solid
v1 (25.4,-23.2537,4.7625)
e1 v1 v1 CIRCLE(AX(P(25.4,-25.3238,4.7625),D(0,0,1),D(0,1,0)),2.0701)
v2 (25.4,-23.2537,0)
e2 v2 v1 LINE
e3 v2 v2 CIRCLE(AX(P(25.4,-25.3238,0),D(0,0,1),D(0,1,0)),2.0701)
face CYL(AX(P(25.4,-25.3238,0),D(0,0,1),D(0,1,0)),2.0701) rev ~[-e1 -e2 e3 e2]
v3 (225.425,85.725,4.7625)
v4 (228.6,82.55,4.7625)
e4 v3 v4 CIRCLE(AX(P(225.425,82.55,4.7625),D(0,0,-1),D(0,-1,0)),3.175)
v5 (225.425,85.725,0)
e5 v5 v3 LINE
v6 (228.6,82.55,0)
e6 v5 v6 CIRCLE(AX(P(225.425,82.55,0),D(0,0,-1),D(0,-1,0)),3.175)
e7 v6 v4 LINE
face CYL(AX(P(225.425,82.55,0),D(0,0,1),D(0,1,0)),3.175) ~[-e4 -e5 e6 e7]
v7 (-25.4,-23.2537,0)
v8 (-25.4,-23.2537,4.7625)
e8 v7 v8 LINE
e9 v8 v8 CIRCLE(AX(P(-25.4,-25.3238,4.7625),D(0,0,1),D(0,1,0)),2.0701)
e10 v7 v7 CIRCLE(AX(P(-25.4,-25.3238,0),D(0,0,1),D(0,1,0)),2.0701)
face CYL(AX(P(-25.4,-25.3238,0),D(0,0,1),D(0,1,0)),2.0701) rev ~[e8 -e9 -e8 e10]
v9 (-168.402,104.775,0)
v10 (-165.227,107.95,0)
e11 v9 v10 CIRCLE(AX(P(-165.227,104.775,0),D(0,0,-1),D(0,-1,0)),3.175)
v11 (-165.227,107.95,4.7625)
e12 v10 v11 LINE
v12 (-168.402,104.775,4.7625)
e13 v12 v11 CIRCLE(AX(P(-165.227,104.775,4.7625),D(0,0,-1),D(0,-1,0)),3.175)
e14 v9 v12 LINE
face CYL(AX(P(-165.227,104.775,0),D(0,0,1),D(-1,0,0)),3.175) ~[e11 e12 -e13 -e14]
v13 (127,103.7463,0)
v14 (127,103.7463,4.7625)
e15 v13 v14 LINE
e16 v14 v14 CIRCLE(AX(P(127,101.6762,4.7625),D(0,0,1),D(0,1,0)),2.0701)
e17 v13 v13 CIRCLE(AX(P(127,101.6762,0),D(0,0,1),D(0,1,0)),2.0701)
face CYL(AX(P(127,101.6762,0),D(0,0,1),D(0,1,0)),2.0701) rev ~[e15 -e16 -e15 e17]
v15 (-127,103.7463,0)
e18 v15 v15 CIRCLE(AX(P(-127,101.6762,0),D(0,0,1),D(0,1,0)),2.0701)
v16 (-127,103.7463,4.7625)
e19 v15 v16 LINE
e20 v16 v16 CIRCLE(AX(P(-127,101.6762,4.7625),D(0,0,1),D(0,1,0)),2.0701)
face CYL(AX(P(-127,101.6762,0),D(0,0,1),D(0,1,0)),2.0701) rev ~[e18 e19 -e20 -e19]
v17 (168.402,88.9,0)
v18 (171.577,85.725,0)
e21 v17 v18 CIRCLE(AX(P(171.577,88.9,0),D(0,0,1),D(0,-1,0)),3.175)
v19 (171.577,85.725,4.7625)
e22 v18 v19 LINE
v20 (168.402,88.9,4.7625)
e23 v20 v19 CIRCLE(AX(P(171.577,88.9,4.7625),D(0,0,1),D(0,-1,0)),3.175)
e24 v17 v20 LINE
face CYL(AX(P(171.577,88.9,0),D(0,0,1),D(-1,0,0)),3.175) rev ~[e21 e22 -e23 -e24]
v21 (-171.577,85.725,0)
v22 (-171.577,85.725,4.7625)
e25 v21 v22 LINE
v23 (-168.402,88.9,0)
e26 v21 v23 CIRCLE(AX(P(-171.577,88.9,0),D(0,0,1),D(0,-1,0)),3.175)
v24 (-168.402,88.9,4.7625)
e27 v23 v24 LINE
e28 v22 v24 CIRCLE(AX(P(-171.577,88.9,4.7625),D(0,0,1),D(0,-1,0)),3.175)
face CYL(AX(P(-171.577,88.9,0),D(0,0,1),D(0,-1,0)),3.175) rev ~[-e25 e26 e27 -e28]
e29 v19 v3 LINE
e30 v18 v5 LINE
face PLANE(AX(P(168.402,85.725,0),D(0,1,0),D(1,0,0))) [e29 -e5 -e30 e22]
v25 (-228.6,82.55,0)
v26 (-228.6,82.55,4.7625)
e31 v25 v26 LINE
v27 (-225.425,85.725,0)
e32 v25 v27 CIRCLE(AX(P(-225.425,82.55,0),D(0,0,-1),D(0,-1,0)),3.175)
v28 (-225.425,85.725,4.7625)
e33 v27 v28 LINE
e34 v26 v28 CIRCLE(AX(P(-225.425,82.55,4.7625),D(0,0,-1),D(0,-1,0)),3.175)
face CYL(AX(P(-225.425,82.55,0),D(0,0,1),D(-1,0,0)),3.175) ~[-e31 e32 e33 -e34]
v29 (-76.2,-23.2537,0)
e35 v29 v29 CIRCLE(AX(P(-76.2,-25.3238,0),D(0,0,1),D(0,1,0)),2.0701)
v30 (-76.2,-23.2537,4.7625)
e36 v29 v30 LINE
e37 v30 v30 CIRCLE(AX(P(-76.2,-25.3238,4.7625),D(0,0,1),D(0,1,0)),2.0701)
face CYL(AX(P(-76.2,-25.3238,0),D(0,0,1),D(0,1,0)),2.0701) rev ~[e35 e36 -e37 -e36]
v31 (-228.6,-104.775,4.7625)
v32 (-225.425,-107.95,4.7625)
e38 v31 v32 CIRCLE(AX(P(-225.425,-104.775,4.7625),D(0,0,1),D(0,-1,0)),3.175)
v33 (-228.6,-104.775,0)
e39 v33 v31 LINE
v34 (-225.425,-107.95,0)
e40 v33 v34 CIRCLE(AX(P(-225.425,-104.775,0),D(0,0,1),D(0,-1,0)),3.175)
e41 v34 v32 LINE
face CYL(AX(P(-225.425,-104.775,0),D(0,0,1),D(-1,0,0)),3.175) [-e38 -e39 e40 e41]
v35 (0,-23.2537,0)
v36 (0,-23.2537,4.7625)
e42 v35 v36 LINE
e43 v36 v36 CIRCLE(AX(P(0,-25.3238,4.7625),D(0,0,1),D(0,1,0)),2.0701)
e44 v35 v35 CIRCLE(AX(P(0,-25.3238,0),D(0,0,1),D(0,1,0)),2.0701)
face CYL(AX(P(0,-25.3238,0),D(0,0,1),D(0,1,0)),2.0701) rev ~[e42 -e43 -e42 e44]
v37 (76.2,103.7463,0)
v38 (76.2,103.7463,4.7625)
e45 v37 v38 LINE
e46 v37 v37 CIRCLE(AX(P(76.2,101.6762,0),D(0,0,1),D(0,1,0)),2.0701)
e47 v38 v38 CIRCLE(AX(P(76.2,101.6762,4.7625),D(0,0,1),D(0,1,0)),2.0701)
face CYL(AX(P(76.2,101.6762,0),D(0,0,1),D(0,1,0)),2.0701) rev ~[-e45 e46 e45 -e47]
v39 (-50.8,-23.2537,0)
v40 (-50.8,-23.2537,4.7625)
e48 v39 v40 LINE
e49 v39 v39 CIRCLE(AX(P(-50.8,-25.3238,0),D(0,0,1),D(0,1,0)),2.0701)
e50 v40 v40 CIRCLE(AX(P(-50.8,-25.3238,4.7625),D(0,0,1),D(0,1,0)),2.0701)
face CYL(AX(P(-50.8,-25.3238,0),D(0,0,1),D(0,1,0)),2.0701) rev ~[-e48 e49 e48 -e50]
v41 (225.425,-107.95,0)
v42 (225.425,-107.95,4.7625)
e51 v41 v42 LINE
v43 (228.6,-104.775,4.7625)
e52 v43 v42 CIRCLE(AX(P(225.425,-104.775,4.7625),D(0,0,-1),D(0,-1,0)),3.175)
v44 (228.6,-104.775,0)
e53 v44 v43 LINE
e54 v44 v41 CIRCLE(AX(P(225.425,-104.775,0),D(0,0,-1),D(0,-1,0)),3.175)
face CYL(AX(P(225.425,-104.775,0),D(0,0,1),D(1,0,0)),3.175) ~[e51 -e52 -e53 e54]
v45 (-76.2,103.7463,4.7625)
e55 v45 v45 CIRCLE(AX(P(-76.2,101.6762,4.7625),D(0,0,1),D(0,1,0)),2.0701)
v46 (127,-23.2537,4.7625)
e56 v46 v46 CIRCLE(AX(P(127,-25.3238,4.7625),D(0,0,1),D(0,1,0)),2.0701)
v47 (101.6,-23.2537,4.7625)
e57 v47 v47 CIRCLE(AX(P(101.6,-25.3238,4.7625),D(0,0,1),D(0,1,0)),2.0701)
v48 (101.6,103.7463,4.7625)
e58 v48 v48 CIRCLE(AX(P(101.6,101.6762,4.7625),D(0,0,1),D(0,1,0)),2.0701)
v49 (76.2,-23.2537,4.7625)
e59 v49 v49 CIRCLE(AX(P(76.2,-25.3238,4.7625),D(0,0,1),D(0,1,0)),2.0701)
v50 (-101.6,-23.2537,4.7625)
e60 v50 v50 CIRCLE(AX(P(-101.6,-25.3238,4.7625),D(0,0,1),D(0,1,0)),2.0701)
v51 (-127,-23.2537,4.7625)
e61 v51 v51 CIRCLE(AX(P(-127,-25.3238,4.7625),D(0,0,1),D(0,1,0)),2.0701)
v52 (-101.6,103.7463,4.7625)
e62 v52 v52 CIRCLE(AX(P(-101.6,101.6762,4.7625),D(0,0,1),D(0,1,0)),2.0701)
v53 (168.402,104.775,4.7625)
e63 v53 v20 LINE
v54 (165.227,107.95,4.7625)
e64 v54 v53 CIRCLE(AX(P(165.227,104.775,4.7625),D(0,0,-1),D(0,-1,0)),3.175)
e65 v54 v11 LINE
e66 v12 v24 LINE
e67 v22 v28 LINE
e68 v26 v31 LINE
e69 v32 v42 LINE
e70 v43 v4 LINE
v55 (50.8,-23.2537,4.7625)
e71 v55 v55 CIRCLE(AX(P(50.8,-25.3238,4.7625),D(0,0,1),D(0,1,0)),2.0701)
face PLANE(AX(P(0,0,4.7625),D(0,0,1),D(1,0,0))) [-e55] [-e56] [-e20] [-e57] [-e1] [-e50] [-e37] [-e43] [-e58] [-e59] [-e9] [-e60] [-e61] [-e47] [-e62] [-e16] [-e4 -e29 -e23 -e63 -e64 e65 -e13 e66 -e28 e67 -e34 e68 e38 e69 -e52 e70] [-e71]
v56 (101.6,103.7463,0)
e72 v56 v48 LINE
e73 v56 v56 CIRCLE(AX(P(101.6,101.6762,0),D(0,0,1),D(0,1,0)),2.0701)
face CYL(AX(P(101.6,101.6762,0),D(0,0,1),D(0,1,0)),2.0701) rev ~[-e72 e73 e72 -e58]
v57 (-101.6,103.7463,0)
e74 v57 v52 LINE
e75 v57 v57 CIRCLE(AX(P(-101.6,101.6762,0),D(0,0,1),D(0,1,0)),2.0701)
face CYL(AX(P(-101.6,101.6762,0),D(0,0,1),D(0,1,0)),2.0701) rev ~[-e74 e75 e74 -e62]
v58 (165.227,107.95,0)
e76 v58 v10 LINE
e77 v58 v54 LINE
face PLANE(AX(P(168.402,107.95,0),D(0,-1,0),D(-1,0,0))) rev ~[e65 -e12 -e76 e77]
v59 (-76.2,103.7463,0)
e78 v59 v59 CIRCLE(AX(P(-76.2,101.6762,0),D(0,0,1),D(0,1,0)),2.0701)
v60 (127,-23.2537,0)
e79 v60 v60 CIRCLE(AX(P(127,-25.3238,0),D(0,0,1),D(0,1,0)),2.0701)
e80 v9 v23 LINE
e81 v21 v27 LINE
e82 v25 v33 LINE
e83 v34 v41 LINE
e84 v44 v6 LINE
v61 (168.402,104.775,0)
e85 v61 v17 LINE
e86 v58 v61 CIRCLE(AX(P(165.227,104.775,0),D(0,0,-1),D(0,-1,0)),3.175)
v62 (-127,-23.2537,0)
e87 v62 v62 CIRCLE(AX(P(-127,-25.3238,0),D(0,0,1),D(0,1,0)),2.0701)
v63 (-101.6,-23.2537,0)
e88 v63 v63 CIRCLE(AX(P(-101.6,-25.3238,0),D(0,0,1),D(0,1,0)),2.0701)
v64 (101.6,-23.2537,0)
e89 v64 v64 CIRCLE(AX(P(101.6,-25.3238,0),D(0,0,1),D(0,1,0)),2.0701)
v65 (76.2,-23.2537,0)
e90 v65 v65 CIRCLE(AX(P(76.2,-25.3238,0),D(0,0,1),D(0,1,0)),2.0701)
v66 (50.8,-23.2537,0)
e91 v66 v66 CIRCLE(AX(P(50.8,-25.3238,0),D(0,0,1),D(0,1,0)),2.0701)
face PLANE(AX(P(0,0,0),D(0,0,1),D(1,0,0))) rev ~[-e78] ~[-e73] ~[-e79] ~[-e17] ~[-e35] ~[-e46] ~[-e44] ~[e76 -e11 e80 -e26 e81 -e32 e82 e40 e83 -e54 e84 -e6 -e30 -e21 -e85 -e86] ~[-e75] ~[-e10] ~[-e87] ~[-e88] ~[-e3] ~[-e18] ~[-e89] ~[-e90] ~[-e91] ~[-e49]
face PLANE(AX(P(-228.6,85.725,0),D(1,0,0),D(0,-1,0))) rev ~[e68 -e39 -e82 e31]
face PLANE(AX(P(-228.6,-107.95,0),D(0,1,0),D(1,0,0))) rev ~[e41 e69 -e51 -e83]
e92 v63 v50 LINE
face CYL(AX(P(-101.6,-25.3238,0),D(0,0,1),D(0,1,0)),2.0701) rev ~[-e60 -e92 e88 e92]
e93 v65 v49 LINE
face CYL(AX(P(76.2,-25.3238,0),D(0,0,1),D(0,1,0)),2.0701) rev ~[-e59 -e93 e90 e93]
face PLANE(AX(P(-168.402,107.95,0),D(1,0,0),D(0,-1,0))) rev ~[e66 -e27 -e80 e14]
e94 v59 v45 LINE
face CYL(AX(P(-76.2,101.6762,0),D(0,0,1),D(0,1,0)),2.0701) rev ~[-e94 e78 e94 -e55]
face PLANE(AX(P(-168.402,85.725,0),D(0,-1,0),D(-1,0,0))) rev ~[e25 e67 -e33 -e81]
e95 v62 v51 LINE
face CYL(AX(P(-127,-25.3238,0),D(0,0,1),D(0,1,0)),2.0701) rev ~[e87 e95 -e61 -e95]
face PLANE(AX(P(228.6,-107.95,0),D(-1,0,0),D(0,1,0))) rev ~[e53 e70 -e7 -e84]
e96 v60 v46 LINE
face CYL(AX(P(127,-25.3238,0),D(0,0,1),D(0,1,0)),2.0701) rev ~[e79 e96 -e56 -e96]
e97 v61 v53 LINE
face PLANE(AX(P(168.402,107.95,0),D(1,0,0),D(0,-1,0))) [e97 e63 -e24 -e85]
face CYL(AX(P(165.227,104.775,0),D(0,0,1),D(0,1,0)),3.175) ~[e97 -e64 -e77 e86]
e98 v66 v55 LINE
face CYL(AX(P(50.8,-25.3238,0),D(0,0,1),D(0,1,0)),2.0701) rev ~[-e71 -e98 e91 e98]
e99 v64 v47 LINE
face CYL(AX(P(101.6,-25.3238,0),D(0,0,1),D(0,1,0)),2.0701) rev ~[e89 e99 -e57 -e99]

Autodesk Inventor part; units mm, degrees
ref_plane "YZ Plane" through (0, 0, 0) normal (1, 0, 0) x (0, 1, 0)
ref_plane "XZ Plane" through (0, 0, 0) normal (0, 1, 0) x (-1, 0, 0)
ref_plane "XY Plane" through (0, 0, 0) normal (0, 0, 1) x (1, 0, 0)
sketch "Sketch1" plane through (0, 0, 0) normal (0, 0, 1) x (1, 0, 0)
  line L0 (-228.6, -107.95) -> (228.6, -107.95)
  line L1 (168.402, 107.95) -> (-168.402, 107.95)
  line L2 (-171.577, 91.059) -> (-171.577, 109.9058) projected
  line L3 (-171.577, 91.059) -> (-173.736, 88.9) projected
  line L4 (-232.664, 88.9) -> (-173.736, 88.9) projected
  line L5 (-232.664, 88.9) -> (-234.823, 91.059) projected
  line L6 (-234.823, 109.9058) -> (-234.823, 91.059) projected
  line L7 (-171.577, 109.9058) -> (-234.823, 109.9058) projected
  circle A0 centre (-177.8, 101.6) radius 2.0701 projected
  circle A1 centre (-190.5, 101.6) radius 2.0701 projected
  circle A2 centre (-203.2, 101.6) radius 2.0701 projected
  circle A3 centre (-215.9, 101.6) radius 2.0701 projected
  circle A4 centre (-228.6, 101.6) radius 2.0701 projected
  line L8 (234.823, 109.9058) -> (234.823, 91.059) projected
  line L9 (234.823, 91.059) -> (232.664, 88.9) projected
  line L10 (173.736, 88.9) -> (232.664, 88.9) projected
  line L11 (173.736, 88.9) -> (171.577, 91.059) projected
  line L12 (171.577, 109.9058) -> (171.577, 91.059) projected
  line L13 (234.823, 109.9058) -> (171.577, 109.9058) projected
  circle A5 centre (177.8, 101.6) radius 2.0701 projected
  circle A6 centre (190.5, 101.6) radius 2.0701 projected
  circle A7 centre (203.2, 101.6) radius 2.0701 projected
  circle A8 centre (215.9, 101.6) radius 2.0701 projected
  circle A9 centre (228.6, 101.6) radius 2.0701 projected
  line L14 (168.402, 107.95) -> (168.402, 85.725)
  line L15 (168.402, 85.725) -> (228.6, 85.725)
  line L16 (-168.402, 107.95) -> (-168.402, 85.725)
  line L17 (-168.402, 85.725) -> (-228.6, 85.725)
  line L18 (-228.6, 85.725) -> (-228.6, -107.95)
  line L19 (228.6, -107.95) -> (228.6, 85.725)
  point P0 (0, 0)
  dimension "d4" = 3.175
  dimension "d5" = 3.175
  dimension "d6" = 3.175
  dimension "d7" = 3.175
  dimension "d8" = 457.2
  dimension "d9" = 215.9
extrude "Extrusion1" add sketch "Sketch1" along normal blind 4.7625 contours L18 L17 L16 L1 L14 L15 L19 L0
fillet "Fillet1" radius 3.175 8 edges at (228.6, -107.95, 2.3813) (168.402, 107.95, 2.3813) (168.402, 85.725, 2.3813) (228.6, 85.725, 2.3813) (-168.402, 107.95, 2.3813) (-168.402, 85.725, 2.3813) (-228.6, 85.725, 2.3813) (-228.6, -107.95, 2.3813)
sketch "Sketch2" plane through (0, 0, 0) normal (0, 0, -1) x (-1, 0, 0)
  arc A0 (103.6687, -25.2476) -> (99.5313, -25.2476) centre (101.6, -25.3238) ccw projected
  line L0 (78.2687, -25.2476) -> (99.5313, -25.2476) projected
  arc A1 (78.2687, -25.2476) -> (74.1313, -25.2476) centre (76.2, -25.3238) ccw projected
  line L1 (52.8687, -25.2476) -> (74.1313, -25.2476) projected
  arc A2 (52.8687, -25.2476) -> (48.7313, -25.2476) centre (50.8, -25.3238) ccw projected
  line L2 (27.4687, -25.2476) -> (48.7313, -25.2476) projected
  arc A3 (27.4687, -25.2476) -> (23.3313, -25.2476) centre (25.4, -25.3238) ccw projected
  line L3 (2.0687, -25.2476) -> (23.3313, -25.2476) projected
  arc A4 (2.0687, -25.2476) -> (-2.0687, -25.2476) centre (0, -25.3238) ccw projected
  line L4 (-23.3313, -25.2476) -> (-2.0687, -25.2476) projected
  arc A5 (-23.3313, -25.2476) -> (-27.4687, -25.2476) centre (-25.4, -25.3238) ccw projected
  line L5 (-48.7313, -25.2476) -> (-27.4687, -25.2476) projected
  arc A6 (-48.7313, -25.2476) -> (-52.8687, -25.2476) centre (-50.8, -25.3238) ccw projected
  line L6 (-74.1313, -25.2476) -> (-52.8687, -25.2476) projected
  arc A7 (-74.1313, -25.2476) -> (-78.2687, -25.2476) centre (-76.2, -25.3238) ccw projected
  line L7 (-99.5313, -25.2476) -> (-78.2687, -25.2476) projected
  arc A8 (-99.5313, -25.2476) -> (-103.6687, -25.2476) centre (-101.6, -25.3238) ccw projected
  line L8 (-124.9313, -25.2476) -> (-103.6687, -25.2476) projected
  arc A9 (-124.9313, -25.2476) -> (-129.0687, -25.2476) centre (-127, -25.3238) ccw projected
  line L9 (-355.6, -25.2476) -> (-129.0687, -25.2476) projected
  line L10 (-355.6, -12.6238) -> (-355.6, -25.2476) projected
  line L11 (355.6, -12.6238) -> (-355.6, -12.6238) projected
  line L12 (355.6, -25.2476) -> (355.6, -12.6238) projected
  line L13 (129.0687, -25.2476) -> (355.6, -25.2476) projected
  arc A10 (129.0687, -25.2476) -> (124.9313, -25.2476) centre (127, -25.3238) ccw projected
  line L14 (103.6687, -25.2476) -> (124.9313, -25.2476) projected
  arc A11 (-99.5313, 101.7524) -> (-103.6687, 101.7524) centre (-101.6, 101.6762) ccw projected
  line L15 (-124.9313, 101.7524) -> (-103.6687, 101.7524) projected
  arc A12 (-124.9313, 101.7524) -> (-129.0687, 101.7524) centre (-127, 101.6762) ccw projected
  line L16 (-175.7355, 101.7524) -> (-129.0687, 101.7524) projected
  arc A13 (-175.7355, 101.7524) -> (-179.8645, 101.7524) centre (-177.8, 101.6) ccw projected
  line L17 (-188.4355, 101.7524) -> (-179.8645, 101.7524) projected
  arc A14 (-188.4355, 101.7524) -> (-192.5645, 101.7524) centre (-190.5, 101.6) ccw projected
  line L18 (-201.1355, 101.7524) -> (-192.5645, 101.7524) projected
  arc A15 (-201.1355, 101.7524) -> (-205.2645, 101.7524) centre (-203.2, 101.6) ccw projected
  line L19 (-213.8355, 101.7524) -> (-205.2645, 101.7524) projected
  arc A16 (-213.8355, 101.7524) -> (-217.9645, 101.7524) centre (-215.9, 101.6) ccw projected
  line L20 (-226.5355, 101.7524) -> (-217.9645, 101.7524) projected
  arc A17 (-226.5355, 101.7524) -> (-230.6645, 101.7524) centre (-228.6, 101.6) ccw projected
  line L21 (-355.6, 101.7524) -> (-230.6645, 101.7524) projected
  line L22 (-355.6, 114.3) -> (-355.6, 101.7524) projected
  line L23 (355.6, 114.3) -> (-355.6, 114.3) projected
  line L24 (355.6, 101.7524) -> (355.6, 114.3) projected
  line L25 (230.6645, 101.7524) -> (355.6, 101.7524) projected
  arc A18 (230.6645, 101.7524) -> (226.5355, 101.7524) centre (228.6, 101.6) ccw projected
  line L26 (217.9645, 101.7524) -> (226.5355, 101.7524) projected
  arc A19 (217.9645, 101.7524) -> (213.8355, 101.7524) centre (215.9, 101.6) ccw projected
  line L27 (205.2645, 101.7524) -> (213.8355, 101.7524) projected
  arc A20 (205.2645, 101.7524) -> (201.1355, 101.7524) centre (203.2, 101.6) ccw projected
  line L28 (192.5645, 101.7524) -> (201.1355, 101.7524) projected
  arc A21 (192.5645, 101.7524) -> (188.4355, 101.7524) centre (190.5, 101.6) ccw projected
  line L29 (179.8645, 101.7524) -> (188.4355, 101.7524) projected
  arc A22 (179.8645, 101.7524) -> (175.7355, 101.7524) centre (177.8, 101.6) ccw projected
  line L30 (129.0687, 101.7524) -> (175.7355, 101.7524) projected
  arc A23 (129.0687, 101.7524) -> (124.9313, 101.7524) centre (127, 101.6762) ccw projected
  line L31 (103.6687, 101.7524) -> (124.9313, 101.7524) projected
  arc A24 (103.6687, 101.7524) -> (99.5313, 101.7524) centre (101.6, 101.6762) ccw projected
  line L32 (78.2687, 101.7524) -> (99.5313, 101.7524) projected
  arc A25 (78.2687, 101.7524) -> (74.1313, 101.7524) centre (76.2, 101.6762) ccw projected
  line L33 (64.0989, 101.7524) -> (74.1313, 101.7524) projected
  spline S0 degree 2 poles (64.0989, 101.7524) (63.534, 102.6488) (62.8722, 103.4567) knots 1.72164 1.72164 1.72164 2 2 2 projected
  spline S1 degree 2 poles (62.8722, 103.4567) (60.4022, 106.3898) (53.1156, 109.5391) (47.8051, 109.5391) knots 0 0 0 1 2 2 2 projected
  spline S2 degree 2 poles (47.8051, 109.5391) (46.0143, 109.5391) (42.1241, 109.076) (41.4757, 108.8907) knots 0 0 0 1 2 2 2 projected
  line L34 (41.4757, 108.8907) -> (41.4757, 101.7524) projected
  line L35 (33.0922, 101.7524) -> (41.4757, 101.7524) projected
  spline S3 degree 2 poles (33.0922, 101.7524) (32.0797, 104.0718) (30.2062, 105.7723) knots 1.066482 1.066482 1.066482 2 2 2 projected
  spline S4 degree 2 poles (30.2062, 105.7723) (28.1994, 107.5939) (22.7036, 109.6008) (18.6898, 109.6008) knots 0 0 0 1 2 2 2 projected
  spline S5 degree 2 poles (18.6898, 109.6008) (14.429, 109.57) (8.3157, 108.1806) (6.3088, 107.2852) knots 0 0 0 1 2 2 2 projected
  line L36 (6.3088, 107.2852) -> (6.3088, 101.7524) projected
  line L37 (-0.2839, 101.7524) -> (6.3088, 101.7524) projected
  spline S6 degree 2 poles (-0.2839, 101.7524) (-1.2964, 104.0718) (-3.1699, 105.7723) knots 1.066482 1.066482 1.066482 2 2 2 projected
  spline S7 degree 2 poles (-3.1699, 105.7723) (-5.1767, 107.5939) (-10.6725, 109.6008) (-14.6863, 109.6008) knots 0 0 0 1 2 2 2 projected
  spline S8 degree 2 poles (-14.6863, 109.6008) (-18.9471, 109.57) (-25.0604, 108.1806) (-27.0673, 107.2852) knots 0 0 0 1 2 2 2 projected
  line L38 (-27.0673, 107.2852) -> (-27.0673, 101.7524) projected
  line L39 (-41.1772, 101.7524) -> (-27.0673, 101.7524) projected
  line L40 (-41.1772, 101.7524) -> (-41.1772, 102.1599) projected
  line L41 (-41.1772, 102.1599) -> (-33.3349, 102.1599) projected
  line L42 (-33.3349, 102.1599) -> (-33.3349, 108.7981) projected
  line L43 (-33.3349, 108.7981) -> (-58.4982, 108.7981) projected
  line L44 (-58.4982, 108.7981) -> (-58.4982, 102.1599) projected
  line L45 (-58.4982, 102.1599) -> (-50.4707, 102.1599) projected
  line L46 (-50.4707, 102.1599) -> (-50.4707, 101.7524) projected
  line L47 (-74.1313, 101.7524) -> (-50.4707, 101.7524) projected
  arc A26 (-74.1313, 101.7524) -> (-78.2687, 101.7524) centre (-76.2, 101.6762) ccw projected
  line L48 (-99.5313, 101.7524) -> (-78.2687, 101.7524) projected
  point P0 (0, 0)
hole "Hole1" at (-127, 101.6762, 0) at (-101.6, 101.6762, 0) at (-76.2, 101.6762, 0) at (76.2, 101.6762, 0) at (101.6, 101.6762, 0) at (127, 101.6762, 0) at (-127, -25.3238, 0) at (-101.6, -25.3238, 0) at (-76.2, -25.3238, 0) at (-50.8, -25.3238, 0) at (-25.4, -25.3238, 0) at (0, -25.3238, 0) at (25.4, -25.3238, 0) at (50.8, -25.3238, 0) at (76.2, -25.3238, 0) at (101.6, -25.3238, 0) at (127, -25.3238, 0) direction (0, 0, 1) diameter 4.1402 end through all
sketch "Sketch4" plane through (0, 0, 0) normal (0, 0, -1) x (-1, 0, 0)
  line L0 (-165.227, 107.95) -> (165.227, 107.95) projected
  line L1 (107.95, -107.95) -> (-107.95, -107.95) construction
  line L2 (-107.95, -107.95) -> (-107.95, 107.95) construction
  line L3 (-107.95, 107.95) -> (107.95, 107.95) construction
  line L4 (107.95, 107.95) -> (107.95, -107.95) construction
  line L5 (197.0019, -39.6304) -> (129.4704, -39.6304) construction
  line L6 (129.4704, -39.6304) -> (129.4704, 38.94) construction
  line L7 (129.4704, 38.94) -> (197.0019, 38.94) construction
  line L8 (197.0019, 38.94) -> (197.0019, -39.6304) construction
  line L9 (-125.3858, -27.2271) -> (-180.4191, -27.2271) construction
  line L10 (-180.4191, -27.2271) -> (-180.4191, 36.8021) construction
  line L11 (-180.4191, 36.8021) -> (-125.3858, 36.8021) construction
  line L12 (-125.3858, 36.8021) -> (-125.3858, -27.2271) construction
  line L13 (-51.4537, 12.8385) -> (-125.3858, 12.8385) construction
  line L14 (-125.3858, 12.8385) -> (-125.3858, -68.9649) construction
  line L15 (-125.3858, -68.9649) -> (-51.4537, -68.9649) construction
  line L16 (-51.4537, -68.9649) -> (-51.4537, 12.8385) construction
  line L17 (225.425, -107.95) -> (-225.425, -107.95) projected
  line L18 (-228.6, -104.775) -> (-228.6, 82.55) projected
  point P0 (0, 0)
decal "Decal1"
decal "Decal2"
decal "Decal3"
properties part number "C17_TK_VerticalElectricBoard" material "Polycarbonate, Clear"
